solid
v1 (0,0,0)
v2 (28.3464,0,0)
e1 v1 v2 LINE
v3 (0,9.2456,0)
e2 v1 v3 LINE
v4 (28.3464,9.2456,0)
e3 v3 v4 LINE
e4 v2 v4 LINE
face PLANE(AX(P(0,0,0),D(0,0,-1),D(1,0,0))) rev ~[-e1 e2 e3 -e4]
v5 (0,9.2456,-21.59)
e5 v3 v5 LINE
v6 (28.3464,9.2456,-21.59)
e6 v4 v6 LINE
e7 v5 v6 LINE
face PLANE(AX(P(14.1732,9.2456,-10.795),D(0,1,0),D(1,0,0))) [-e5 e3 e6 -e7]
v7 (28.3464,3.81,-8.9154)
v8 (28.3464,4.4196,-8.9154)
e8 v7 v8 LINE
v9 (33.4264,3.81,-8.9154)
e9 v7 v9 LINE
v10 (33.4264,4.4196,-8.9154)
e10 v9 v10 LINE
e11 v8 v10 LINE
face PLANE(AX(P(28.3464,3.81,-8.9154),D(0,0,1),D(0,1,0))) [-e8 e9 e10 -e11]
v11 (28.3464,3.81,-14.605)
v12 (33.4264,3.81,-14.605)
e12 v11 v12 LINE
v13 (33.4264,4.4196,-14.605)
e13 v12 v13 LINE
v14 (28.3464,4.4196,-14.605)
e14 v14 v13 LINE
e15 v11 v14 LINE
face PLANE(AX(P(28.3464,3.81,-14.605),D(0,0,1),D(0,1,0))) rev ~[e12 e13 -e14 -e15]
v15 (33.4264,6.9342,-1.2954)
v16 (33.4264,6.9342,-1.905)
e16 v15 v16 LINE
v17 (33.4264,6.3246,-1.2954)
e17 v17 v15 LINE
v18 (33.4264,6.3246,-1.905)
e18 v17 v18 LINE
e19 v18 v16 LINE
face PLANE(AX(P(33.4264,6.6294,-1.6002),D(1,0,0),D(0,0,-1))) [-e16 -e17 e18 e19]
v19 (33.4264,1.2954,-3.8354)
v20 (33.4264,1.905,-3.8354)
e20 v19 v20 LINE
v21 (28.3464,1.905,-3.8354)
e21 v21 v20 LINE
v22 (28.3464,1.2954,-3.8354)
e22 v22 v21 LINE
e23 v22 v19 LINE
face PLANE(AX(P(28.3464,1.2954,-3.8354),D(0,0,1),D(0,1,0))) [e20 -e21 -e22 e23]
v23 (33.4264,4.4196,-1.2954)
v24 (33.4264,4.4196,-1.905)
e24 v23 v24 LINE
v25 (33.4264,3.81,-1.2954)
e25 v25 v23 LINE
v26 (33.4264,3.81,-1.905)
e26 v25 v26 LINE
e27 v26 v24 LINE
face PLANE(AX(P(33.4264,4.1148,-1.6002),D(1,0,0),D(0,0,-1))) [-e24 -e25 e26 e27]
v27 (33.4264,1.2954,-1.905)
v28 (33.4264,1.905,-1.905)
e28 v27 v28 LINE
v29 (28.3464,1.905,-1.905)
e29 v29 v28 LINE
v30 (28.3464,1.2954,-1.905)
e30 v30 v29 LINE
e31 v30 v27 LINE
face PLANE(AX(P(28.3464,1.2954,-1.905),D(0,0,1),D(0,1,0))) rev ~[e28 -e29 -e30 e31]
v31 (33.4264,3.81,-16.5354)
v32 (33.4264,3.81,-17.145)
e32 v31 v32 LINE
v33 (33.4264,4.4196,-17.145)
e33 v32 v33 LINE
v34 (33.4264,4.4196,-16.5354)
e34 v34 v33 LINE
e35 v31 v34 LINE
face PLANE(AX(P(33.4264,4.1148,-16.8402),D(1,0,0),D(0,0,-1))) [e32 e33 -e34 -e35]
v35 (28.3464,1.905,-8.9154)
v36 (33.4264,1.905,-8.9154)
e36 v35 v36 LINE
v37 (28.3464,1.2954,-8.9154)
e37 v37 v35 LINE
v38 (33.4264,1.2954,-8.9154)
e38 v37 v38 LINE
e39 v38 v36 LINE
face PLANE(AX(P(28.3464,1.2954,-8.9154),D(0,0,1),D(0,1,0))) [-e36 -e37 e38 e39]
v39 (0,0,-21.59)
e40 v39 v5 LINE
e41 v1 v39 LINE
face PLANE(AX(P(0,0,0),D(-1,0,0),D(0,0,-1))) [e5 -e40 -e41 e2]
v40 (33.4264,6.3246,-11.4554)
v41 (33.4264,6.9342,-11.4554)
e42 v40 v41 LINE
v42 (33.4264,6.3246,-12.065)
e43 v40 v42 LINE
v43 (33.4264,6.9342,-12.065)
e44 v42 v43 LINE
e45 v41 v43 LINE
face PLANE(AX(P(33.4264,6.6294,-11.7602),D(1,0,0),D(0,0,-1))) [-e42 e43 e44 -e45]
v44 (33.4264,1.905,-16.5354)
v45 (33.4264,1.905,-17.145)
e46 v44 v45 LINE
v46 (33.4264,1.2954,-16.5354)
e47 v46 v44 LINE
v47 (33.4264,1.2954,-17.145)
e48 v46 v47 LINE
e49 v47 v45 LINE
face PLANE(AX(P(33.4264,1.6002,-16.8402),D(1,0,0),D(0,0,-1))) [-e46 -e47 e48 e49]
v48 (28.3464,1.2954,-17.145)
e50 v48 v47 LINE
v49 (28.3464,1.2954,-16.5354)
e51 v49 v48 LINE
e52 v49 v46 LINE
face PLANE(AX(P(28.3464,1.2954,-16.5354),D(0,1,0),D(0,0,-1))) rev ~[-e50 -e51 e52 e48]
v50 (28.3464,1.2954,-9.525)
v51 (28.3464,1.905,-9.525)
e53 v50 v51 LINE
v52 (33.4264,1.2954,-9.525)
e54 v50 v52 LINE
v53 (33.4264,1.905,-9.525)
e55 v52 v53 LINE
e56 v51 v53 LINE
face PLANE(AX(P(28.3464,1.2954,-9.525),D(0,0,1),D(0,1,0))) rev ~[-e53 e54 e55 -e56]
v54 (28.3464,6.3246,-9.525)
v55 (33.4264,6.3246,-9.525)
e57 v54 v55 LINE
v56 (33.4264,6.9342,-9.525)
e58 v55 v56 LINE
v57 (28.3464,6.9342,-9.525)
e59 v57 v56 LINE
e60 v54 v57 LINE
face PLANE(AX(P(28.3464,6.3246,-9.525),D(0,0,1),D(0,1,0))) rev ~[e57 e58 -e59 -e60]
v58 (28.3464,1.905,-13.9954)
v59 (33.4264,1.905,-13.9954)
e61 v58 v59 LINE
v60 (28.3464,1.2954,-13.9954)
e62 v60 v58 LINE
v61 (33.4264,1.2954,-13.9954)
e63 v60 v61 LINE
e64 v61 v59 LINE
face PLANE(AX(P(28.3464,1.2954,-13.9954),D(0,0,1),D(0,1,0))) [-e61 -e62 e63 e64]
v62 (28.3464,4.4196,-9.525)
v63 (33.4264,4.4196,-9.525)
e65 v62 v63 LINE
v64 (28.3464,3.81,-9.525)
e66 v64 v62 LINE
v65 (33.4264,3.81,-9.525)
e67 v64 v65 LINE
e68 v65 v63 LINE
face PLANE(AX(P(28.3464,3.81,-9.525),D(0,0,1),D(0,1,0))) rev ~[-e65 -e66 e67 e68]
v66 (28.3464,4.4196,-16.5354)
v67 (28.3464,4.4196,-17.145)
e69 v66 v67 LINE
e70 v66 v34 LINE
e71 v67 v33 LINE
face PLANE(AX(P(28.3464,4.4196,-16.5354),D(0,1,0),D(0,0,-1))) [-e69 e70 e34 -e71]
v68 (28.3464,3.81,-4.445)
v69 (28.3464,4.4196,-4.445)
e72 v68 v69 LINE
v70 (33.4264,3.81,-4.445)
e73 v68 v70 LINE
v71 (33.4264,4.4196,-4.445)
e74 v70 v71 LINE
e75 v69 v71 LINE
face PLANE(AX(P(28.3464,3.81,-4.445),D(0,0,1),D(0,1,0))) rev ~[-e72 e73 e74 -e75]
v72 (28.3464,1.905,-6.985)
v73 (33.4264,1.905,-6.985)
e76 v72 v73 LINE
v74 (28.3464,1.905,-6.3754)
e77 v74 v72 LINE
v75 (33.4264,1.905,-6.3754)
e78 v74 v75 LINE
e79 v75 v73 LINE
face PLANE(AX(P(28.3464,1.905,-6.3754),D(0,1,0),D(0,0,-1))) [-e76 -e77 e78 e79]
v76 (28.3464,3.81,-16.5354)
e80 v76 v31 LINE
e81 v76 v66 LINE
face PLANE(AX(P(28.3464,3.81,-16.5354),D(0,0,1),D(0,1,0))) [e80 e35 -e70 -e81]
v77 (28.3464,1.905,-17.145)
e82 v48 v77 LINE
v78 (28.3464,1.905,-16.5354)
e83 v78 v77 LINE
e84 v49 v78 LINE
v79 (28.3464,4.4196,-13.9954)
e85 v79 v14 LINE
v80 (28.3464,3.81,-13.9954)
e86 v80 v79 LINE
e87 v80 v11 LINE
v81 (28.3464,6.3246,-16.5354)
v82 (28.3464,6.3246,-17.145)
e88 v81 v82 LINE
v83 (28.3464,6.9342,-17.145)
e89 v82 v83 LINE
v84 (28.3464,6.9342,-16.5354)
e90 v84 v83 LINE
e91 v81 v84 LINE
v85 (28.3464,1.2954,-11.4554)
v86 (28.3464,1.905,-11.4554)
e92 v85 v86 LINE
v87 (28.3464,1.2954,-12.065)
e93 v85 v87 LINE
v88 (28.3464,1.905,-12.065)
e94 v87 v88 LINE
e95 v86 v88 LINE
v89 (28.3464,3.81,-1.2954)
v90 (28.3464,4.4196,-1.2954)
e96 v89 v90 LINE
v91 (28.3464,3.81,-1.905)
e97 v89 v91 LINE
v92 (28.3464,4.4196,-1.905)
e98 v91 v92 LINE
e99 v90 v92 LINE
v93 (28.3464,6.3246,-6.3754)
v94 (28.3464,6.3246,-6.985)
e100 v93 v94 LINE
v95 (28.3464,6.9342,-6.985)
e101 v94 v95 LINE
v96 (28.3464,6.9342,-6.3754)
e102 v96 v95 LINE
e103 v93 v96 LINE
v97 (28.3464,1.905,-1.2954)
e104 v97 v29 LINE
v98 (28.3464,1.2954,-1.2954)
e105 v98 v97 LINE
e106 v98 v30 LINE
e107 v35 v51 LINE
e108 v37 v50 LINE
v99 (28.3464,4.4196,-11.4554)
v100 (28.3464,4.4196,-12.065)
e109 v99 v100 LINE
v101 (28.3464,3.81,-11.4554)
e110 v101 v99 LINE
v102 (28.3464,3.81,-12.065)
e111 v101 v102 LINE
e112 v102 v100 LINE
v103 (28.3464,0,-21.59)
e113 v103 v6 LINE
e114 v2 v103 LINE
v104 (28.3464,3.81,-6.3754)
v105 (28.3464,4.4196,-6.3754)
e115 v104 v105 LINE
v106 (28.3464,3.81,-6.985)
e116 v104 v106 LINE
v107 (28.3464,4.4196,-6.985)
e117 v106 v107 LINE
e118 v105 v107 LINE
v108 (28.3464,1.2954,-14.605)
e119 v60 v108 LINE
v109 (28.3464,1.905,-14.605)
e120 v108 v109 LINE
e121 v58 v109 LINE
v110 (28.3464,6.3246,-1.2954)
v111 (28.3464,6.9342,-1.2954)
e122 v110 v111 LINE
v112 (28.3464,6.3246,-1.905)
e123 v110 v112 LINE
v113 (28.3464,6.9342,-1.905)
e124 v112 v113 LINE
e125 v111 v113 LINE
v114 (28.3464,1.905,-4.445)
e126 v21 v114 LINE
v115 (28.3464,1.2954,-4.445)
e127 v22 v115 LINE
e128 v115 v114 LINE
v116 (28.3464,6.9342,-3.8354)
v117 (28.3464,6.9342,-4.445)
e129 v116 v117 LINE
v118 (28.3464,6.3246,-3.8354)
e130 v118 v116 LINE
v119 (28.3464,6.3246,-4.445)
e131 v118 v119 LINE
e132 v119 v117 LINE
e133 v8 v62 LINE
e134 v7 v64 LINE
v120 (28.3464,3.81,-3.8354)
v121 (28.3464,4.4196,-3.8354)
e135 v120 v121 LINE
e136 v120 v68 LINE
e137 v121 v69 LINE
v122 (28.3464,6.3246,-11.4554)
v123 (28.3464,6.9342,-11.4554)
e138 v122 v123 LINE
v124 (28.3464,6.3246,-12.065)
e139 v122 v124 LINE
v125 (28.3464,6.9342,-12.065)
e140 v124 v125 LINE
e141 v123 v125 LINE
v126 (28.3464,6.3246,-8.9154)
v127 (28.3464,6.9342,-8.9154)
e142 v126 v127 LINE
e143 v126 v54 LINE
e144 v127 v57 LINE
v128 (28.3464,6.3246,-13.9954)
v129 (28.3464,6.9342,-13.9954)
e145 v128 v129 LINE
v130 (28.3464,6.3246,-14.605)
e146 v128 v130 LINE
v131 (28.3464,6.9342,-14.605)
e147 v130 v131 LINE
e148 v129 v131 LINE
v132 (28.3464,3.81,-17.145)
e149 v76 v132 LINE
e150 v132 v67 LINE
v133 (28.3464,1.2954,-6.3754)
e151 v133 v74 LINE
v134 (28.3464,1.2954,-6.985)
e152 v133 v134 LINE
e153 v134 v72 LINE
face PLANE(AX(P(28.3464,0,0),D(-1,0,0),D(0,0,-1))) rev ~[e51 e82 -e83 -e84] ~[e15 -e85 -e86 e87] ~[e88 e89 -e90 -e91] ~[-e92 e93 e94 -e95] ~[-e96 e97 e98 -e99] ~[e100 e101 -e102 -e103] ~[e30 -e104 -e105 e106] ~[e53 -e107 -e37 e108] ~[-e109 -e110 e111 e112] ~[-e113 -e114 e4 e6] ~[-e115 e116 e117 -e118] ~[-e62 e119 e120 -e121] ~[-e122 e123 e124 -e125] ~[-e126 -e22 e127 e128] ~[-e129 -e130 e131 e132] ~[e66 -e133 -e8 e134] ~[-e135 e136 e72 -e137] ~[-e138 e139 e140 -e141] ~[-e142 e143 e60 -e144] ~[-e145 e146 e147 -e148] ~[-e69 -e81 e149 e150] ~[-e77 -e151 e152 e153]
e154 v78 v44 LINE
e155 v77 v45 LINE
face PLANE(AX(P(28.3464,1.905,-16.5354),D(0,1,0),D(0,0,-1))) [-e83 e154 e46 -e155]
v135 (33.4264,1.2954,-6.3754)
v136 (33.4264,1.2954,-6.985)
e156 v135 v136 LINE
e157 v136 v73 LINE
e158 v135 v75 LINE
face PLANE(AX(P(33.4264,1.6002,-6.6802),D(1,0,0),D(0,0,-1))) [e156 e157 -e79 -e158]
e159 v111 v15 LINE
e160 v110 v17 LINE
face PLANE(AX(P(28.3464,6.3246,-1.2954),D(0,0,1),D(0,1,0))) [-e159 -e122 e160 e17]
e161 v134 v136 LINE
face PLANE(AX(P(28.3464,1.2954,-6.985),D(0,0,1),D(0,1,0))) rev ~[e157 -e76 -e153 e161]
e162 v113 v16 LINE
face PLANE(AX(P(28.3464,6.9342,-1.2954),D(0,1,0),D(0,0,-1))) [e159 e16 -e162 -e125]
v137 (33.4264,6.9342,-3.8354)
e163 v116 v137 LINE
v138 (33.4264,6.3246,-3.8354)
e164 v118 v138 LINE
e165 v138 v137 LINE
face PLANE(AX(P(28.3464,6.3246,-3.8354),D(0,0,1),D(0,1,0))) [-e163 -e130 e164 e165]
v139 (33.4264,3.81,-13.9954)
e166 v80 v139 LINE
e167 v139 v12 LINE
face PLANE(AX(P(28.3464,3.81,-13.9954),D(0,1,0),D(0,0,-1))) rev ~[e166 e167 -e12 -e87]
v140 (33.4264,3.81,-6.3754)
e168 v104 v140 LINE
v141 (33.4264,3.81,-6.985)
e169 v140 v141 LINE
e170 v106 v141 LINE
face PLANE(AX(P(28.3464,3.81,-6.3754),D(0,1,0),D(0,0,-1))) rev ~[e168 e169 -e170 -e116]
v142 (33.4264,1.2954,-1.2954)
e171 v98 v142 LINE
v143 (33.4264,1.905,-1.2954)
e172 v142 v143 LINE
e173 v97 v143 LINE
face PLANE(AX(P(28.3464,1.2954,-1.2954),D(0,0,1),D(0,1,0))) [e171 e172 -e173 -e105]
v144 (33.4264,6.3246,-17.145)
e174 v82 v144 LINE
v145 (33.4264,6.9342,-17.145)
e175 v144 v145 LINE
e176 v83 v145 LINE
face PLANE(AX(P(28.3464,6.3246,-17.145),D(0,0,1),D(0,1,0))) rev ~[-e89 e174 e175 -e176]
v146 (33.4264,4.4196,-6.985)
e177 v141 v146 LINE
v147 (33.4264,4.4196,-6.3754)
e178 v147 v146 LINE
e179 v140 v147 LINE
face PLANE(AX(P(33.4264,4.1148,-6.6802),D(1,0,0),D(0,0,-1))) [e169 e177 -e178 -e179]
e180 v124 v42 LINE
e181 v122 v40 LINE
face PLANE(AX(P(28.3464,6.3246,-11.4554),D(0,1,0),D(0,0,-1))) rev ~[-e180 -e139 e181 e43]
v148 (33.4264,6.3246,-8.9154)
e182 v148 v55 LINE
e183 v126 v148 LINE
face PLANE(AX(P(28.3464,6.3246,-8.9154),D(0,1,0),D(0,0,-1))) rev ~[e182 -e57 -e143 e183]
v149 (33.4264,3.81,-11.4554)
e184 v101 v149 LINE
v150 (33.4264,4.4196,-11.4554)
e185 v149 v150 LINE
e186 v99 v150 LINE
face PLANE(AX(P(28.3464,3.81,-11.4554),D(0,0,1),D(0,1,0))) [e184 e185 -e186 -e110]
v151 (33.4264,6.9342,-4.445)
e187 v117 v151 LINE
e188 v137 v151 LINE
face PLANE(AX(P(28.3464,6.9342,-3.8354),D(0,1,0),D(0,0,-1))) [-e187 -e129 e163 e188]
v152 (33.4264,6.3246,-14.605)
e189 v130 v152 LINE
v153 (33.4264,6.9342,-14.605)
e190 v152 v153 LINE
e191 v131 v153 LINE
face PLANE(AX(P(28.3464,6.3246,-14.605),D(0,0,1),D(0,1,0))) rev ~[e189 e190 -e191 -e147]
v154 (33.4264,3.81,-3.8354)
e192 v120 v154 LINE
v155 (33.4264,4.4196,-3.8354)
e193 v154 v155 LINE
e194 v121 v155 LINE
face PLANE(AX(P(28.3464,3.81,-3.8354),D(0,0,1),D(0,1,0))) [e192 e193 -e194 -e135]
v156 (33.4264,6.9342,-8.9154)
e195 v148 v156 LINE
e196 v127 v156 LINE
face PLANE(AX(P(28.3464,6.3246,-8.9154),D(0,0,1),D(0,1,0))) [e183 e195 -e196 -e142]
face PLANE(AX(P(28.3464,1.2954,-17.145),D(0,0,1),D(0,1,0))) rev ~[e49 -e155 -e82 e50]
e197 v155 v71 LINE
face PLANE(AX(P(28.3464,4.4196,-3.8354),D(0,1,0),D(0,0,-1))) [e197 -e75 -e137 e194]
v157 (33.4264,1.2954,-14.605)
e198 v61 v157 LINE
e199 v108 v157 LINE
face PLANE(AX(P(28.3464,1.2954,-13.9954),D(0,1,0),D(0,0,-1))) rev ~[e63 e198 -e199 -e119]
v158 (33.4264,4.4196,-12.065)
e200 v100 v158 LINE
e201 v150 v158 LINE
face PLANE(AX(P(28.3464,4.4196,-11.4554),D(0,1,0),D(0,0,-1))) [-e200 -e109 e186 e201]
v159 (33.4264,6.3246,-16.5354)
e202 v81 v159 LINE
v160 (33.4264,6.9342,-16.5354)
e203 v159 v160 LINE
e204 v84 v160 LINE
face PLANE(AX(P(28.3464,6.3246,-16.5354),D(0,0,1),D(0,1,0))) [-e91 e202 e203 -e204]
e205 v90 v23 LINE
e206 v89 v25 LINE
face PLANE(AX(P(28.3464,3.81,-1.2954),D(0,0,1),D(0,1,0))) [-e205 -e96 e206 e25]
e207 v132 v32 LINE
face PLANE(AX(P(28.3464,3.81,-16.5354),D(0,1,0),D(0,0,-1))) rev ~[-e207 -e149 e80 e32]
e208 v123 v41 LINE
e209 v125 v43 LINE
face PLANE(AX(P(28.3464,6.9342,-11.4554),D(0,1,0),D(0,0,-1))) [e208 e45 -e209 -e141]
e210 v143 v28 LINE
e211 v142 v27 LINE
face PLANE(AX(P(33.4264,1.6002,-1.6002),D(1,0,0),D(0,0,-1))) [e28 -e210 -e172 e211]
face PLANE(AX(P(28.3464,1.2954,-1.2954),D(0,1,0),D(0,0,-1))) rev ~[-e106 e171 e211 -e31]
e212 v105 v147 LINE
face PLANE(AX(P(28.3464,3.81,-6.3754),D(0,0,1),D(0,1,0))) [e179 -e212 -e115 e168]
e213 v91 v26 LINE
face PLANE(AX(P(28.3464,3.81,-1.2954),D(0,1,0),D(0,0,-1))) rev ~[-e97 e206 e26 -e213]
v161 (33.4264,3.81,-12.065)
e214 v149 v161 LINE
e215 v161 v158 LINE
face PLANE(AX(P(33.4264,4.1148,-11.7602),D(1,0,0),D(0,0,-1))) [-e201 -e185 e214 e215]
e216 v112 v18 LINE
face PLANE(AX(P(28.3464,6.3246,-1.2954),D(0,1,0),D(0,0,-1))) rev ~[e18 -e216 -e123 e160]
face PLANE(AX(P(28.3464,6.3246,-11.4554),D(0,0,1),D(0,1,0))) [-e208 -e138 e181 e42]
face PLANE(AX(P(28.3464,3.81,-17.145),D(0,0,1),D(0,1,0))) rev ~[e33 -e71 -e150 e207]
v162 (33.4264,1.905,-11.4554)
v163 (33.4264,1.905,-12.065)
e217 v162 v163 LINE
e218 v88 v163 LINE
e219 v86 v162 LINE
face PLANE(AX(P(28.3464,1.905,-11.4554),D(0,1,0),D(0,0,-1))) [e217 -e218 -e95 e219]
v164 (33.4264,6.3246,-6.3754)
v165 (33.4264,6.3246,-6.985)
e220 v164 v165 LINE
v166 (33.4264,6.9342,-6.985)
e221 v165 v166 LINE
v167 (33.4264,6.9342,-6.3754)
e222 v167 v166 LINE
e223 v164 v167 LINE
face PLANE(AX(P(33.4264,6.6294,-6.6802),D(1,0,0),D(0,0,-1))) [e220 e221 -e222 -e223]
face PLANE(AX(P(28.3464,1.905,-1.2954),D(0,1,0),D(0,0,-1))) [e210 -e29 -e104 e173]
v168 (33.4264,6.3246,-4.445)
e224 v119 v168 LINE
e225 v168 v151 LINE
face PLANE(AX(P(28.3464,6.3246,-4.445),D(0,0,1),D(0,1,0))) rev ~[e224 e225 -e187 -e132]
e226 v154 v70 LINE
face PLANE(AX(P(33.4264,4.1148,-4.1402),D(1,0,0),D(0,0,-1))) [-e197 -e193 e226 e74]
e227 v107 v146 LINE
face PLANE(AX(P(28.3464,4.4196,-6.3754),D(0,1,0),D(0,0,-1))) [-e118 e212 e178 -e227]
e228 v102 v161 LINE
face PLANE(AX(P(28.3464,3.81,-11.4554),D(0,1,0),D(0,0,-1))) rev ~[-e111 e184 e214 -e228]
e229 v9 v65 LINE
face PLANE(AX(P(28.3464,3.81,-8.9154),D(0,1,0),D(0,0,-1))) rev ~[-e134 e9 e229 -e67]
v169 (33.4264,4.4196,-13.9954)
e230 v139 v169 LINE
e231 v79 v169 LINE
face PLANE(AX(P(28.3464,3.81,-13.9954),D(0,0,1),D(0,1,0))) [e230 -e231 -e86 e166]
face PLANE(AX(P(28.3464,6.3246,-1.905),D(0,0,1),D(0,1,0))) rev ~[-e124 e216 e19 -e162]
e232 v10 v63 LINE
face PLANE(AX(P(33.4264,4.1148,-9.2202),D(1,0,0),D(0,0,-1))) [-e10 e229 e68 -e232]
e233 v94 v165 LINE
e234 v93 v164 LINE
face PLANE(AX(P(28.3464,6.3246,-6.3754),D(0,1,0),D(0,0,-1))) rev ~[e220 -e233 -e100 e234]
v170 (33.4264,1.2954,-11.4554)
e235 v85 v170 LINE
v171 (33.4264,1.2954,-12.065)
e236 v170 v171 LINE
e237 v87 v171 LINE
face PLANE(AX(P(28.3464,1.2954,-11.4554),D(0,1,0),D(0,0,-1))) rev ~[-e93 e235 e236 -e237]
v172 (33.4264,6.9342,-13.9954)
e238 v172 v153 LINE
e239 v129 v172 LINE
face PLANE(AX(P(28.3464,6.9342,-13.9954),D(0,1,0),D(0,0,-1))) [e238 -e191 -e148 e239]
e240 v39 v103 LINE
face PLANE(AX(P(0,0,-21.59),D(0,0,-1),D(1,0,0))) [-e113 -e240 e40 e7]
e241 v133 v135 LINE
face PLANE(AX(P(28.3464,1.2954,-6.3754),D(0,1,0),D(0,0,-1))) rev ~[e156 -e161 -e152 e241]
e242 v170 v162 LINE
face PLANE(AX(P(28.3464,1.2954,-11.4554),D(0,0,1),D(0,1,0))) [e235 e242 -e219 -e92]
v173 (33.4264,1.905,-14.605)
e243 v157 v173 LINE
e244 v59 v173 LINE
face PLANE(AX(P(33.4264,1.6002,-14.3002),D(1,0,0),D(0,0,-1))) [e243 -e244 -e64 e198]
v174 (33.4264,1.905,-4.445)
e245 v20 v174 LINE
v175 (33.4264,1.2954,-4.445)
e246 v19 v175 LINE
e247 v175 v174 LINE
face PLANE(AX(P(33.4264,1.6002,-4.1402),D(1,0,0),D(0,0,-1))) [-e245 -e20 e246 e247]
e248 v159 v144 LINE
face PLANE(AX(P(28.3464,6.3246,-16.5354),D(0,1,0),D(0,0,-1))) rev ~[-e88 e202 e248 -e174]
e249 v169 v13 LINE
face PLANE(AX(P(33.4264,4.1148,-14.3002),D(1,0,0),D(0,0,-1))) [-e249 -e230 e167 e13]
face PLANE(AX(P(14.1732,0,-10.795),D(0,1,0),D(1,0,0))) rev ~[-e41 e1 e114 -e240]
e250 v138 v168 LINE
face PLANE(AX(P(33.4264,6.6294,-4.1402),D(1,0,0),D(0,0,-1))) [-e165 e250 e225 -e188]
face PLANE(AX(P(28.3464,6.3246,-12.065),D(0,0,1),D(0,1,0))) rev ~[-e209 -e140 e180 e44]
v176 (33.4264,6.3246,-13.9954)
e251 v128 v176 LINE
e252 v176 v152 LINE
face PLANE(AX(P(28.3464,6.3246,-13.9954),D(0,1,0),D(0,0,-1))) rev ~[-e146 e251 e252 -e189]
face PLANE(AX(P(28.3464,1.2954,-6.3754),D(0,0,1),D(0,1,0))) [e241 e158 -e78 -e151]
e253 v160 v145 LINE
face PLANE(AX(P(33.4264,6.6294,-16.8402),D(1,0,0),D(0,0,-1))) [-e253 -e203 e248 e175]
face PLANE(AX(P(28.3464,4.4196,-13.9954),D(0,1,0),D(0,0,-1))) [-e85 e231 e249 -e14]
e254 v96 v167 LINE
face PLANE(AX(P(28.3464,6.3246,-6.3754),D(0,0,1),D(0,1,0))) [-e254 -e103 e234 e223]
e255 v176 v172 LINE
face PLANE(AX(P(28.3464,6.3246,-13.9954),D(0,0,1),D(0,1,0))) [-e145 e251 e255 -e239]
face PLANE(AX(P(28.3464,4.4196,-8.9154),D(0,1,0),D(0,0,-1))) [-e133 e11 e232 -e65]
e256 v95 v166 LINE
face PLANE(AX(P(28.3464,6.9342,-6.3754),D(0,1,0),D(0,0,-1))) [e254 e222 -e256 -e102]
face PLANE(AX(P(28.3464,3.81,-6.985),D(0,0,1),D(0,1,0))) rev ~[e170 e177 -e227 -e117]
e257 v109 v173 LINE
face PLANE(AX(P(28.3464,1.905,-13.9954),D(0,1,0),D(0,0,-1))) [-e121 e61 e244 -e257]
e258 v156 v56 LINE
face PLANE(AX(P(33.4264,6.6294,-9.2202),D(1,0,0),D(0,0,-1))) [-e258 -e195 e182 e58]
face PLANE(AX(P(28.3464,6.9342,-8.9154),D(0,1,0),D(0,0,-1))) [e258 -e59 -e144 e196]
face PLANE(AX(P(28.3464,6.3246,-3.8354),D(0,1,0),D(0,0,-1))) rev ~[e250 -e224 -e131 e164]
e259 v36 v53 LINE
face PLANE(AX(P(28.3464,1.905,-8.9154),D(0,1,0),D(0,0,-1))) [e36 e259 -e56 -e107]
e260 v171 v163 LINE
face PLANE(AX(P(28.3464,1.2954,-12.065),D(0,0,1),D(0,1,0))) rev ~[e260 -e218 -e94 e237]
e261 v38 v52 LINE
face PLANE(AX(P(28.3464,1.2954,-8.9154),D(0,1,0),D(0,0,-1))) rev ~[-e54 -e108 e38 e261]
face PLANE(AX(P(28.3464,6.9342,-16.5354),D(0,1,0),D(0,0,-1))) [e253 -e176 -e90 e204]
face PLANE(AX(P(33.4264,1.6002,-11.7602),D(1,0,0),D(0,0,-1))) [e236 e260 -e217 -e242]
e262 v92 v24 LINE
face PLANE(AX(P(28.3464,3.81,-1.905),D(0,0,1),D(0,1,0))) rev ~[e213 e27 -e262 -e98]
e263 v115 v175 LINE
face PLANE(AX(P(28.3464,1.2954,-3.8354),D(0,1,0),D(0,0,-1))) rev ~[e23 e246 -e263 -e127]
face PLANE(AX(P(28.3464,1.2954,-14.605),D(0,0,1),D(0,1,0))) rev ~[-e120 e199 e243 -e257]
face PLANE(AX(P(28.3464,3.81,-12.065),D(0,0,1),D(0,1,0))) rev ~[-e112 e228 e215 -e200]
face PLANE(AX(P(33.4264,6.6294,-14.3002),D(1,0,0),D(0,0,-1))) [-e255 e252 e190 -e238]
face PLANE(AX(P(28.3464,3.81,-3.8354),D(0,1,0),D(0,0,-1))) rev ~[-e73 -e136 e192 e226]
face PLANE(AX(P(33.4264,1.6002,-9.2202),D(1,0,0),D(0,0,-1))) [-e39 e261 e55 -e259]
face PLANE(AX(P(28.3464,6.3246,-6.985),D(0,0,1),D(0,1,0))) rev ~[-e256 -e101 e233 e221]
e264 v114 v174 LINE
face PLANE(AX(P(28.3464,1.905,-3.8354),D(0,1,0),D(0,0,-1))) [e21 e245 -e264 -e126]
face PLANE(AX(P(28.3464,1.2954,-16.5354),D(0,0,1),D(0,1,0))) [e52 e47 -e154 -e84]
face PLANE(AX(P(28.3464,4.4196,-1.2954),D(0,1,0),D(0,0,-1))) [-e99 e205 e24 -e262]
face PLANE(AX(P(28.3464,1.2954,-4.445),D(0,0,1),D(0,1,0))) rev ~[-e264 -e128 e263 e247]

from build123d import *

# Parameters (mm, degrees)
SKETCH1_W           = 28.3464
SKETCH1_H           = 21.59
BOSS_EXTRUDE1_DEPTH = 9.2456
SKETCH2_W           = 0.6096
SKETCH2_H           = 0.6096
BOSS_EXTRUDE2_DEPTH = 5.08
LPATTERN1_COUNT     = 7
LPATTERN1_PITCH     = 2.54


with BuildPart() as part:
    # Sketch1 → Boss-Extrude1 (new body)
    with BuildSketch(Plane(origin=(0, 0, 0), x_dir=(1, 0, 0), z_dir=(0, 1, 0))):
        with Locations((14.1732, 10.795)):
            Rectangle(SKETCH1_W, SKETCH1_H)
    extrude(amount=BOSS_EXTRUDE1_DEPTH)

    # Sketch2 → Boss-Extrude2 (add)
    with BuildSketch(Plane(origin=(28.3464, 0, 0), x_dir=(0, 0, -1), z_dir=(1, 0, 0))):
        with Locations((1.6002, 6.6294)):
            Rectangle(SKETCH2_W, SKETCH2_H)
        with Locations((1.6002, 1.6002)):
            Rectangle(SKETCH2_W, SKETCH2_H)
        with Locations((1.6002, 4.1148)):
            Rectangle(SKETCH2_W, SKETCH2_H)
    boss_extrude2 = extrude(amount=BOSS_EXTRUDE2_DEPTH)

    # LPattern1: Boss-Extrude2 ×7
    with Locations(*[(0, 0, -i * LPATTERN1_PITCH) for i in range(1, LPATTERN1_COUNT)]):
        add(boss_extrude2)


solid = part.part
